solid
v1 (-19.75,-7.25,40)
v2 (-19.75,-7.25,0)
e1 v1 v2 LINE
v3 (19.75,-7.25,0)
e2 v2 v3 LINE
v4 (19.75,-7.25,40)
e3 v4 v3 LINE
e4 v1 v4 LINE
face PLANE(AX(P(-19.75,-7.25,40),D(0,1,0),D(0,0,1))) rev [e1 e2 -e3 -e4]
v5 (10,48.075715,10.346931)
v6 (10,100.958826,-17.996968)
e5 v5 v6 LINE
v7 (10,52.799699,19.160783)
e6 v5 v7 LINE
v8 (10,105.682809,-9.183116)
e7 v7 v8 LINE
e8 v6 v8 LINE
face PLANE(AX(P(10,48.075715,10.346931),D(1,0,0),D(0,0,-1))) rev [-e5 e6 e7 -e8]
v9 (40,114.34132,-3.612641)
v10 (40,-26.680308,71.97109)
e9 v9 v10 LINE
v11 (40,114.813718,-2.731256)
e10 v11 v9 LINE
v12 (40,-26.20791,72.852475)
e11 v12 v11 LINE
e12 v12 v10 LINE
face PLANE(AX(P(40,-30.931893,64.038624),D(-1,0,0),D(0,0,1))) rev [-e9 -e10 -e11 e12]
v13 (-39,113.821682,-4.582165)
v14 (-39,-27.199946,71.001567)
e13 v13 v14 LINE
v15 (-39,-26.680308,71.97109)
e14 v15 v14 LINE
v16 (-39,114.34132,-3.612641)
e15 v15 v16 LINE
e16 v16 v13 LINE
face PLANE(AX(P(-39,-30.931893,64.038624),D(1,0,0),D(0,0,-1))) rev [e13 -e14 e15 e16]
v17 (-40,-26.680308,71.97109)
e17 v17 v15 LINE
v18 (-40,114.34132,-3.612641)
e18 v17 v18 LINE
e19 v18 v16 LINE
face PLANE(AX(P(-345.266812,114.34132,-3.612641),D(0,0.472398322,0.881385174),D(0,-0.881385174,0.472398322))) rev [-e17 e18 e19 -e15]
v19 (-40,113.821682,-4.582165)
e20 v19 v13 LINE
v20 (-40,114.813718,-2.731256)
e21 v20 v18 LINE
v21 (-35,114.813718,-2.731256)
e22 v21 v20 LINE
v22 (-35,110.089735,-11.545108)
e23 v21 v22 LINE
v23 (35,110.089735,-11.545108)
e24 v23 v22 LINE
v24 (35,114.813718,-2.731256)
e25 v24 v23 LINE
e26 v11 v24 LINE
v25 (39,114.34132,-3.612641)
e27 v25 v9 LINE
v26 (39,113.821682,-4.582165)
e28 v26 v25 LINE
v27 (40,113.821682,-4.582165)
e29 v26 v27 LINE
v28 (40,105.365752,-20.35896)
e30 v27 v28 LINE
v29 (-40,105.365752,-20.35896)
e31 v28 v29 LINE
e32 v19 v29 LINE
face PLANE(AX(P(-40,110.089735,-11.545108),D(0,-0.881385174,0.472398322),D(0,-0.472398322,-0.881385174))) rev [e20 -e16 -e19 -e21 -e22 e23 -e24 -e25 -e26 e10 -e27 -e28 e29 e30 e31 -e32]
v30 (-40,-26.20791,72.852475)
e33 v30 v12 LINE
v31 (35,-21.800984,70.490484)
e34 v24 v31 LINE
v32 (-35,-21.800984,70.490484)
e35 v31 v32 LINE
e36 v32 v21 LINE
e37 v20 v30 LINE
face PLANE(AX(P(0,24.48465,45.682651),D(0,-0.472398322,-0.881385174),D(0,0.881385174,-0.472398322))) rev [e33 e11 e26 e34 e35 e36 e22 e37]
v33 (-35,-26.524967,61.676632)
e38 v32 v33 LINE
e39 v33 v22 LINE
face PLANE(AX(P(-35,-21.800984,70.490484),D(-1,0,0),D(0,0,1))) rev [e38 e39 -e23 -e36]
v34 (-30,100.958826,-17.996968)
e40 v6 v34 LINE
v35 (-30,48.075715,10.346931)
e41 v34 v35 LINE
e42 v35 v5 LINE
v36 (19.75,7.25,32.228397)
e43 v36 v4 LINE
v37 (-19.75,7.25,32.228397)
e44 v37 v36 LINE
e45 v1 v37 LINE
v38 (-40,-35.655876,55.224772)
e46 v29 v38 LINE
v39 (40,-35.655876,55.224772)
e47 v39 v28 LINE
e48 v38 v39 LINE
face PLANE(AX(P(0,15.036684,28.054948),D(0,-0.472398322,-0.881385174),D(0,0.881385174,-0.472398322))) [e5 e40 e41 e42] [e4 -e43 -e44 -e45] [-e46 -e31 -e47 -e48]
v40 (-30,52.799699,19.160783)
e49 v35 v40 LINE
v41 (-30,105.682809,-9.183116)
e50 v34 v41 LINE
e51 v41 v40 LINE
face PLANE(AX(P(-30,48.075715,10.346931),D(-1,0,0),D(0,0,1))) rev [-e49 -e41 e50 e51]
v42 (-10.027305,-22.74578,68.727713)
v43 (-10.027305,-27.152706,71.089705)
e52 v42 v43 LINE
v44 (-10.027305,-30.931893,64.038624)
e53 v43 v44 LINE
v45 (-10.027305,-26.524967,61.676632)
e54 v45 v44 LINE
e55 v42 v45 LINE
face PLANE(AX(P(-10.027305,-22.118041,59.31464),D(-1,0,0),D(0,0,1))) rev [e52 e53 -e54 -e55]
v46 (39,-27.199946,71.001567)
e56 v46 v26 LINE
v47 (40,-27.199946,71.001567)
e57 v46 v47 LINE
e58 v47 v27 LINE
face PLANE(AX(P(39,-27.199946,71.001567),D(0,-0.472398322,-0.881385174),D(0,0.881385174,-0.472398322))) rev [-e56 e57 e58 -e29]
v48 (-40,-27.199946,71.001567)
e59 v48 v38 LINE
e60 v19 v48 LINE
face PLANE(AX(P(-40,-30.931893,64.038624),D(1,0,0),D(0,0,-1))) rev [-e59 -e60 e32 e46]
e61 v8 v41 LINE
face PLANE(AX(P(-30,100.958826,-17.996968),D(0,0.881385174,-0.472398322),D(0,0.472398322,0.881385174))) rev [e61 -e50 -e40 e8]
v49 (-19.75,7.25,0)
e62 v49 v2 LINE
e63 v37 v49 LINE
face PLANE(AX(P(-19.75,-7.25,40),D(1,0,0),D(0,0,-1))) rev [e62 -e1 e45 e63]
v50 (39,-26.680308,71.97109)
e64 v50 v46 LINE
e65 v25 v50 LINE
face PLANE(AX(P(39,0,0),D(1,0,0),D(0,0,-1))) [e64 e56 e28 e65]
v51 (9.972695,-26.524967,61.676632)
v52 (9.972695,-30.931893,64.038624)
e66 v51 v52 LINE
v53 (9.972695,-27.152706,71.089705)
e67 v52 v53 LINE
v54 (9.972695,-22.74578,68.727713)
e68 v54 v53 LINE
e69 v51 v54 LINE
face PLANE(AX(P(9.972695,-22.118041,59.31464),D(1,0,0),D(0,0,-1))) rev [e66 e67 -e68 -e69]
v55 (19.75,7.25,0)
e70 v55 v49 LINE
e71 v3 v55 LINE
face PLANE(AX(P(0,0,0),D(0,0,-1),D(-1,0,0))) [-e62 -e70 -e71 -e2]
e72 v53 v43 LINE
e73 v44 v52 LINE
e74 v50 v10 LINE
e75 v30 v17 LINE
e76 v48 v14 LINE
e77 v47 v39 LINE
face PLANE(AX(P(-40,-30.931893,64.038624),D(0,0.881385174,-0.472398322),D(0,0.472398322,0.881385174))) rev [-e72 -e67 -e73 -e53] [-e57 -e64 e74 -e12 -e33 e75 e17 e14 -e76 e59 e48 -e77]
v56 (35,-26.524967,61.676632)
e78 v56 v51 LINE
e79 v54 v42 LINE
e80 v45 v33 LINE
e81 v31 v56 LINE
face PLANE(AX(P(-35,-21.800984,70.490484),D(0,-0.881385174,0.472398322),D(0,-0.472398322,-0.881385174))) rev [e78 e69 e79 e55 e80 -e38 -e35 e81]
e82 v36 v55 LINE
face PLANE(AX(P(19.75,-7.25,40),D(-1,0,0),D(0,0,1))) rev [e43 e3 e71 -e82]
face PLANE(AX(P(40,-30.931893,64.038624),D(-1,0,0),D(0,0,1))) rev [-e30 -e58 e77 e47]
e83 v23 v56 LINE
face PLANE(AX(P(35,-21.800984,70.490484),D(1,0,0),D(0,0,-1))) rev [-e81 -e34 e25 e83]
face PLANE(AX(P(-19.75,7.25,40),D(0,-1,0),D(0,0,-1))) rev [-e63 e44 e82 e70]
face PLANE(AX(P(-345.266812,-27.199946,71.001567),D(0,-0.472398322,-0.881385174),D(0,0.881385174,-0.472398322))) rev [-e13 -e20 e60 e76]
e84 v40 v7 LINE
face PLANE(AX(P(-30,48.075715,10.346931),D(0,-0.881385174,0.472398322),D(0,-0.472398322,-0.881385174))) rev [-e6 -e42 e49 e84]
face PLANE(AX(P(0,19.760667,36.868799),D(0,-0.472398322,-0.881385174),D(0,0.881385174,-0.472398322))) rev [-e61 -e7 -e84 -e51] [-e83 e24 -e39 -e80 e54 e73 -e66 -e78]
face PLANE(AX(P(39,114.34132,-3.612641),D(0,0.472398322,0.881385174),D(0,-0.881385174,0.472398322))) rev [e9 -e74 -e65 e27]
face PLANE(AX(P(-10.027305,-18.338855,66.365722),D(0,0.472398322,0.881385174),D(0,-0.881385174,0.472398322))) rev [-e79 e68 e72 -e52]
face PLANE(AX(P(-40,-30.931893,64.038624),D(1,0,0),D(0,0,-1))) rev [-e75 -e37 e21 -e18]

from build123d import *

# Parameters (mm, degrees)
SKETCH_1_W               = 39.5
SKETCH_1_H               = 14.5
EXTRUDE_1_DEPTH          = 40
SKETCH_6_W               = 80
SKETCH_6_H               = 160
EXTRUDE_2_DEPTH          = 10
EXTRUDE_3_DEPTH          = 10
SKETCH_8_W               = 40
SKETCH_8_H               = 60
CUT_EXTRUDE_1_DEPTH      = 10
SKETCH_9_W               = 20
SKETCH_9_H               = 8
CUT_EXTRUDE_3_DEPTH      = 10
CUT_EXTRUDE_4_DEPTH      = 158.764612799
CUT_EXTRUDE_4_DEPTH_BACK = 1
CUT_EXTRUDE_5_DEPTH      = 1


with BuildPart() as part:
    # 草图1 → 凸台-拉伸1 (new body)
    with BuildSketch(Plane.XY):
        Rectangle(SKETCH_1_W, SKETCH_1_H)
    extrude(amount=EXTRUDE_1_DEPTH)

    # 草图6 → 凸台-拉伸2 (add)
    with BuildSketch(Plane(origin=(0, 15.03668382, 28.054947672), x_dir=(1, 0, 0), z_dir=(0, 0.4723983215829414, 0.8813851744643881))):
        with Locations((0, 22.485349826)):
            Rectangle(SKETCH_6_W, SKETCH_6_H)
    extrude(amount=EXTRUDE_2_DEPTH)

    # 草图7 → 凸台-拉伸3 (add)
    with BuildSketch(Plane(origin=(0, 19.760667036, 36.868799416), x_dir=(1, 0, 0), z_dir=(0, 0.4723983215829416, 0.881385174464388))):
        Polygon((-35, -52.514650174), (35, -52.514650174), (35, 102.485349826), (40, 102.485349826), (40, -57.514650174), (-40, -57.514650174), (-40, 102.485349826), (-35, 102.485349826), align=None)
    extrude(amount=EXTRUDE_3_DEPTH)

    # 草图8 → 切除-拉伸1 (cut)
    with BuildSketch(Plane(origin=(0, 19.760667036, 36.868799416), x_dir=(1, 0, 0), z_dir=(0, 0.47239832158294137, 0.8813851744643881))):
        with Locations((-10, 67.485349826)):
            Rectangle(SKETCH_8_W, SKETCH_8_H)
    extrude(amount=-CUT_EXTRUDE_1_DEPTH, mode=Mode.SUBTRACT)

    # 草图9 → 切除-拉伸3 (cut)
    with BuildSketch(Plane(origin=(0, -50.692559978, 27.169824208), x_dir=(1, 0, 0), z_dir=(0, -0.881385174464388, 0.47239832158294154))):
        with Locations((-0.027304515, 45.830519147)):
            Rectangle(SKETCH_9_W, SKETCH_9_H)
    extrude(amount=-CUT_EXTRUDE_3_DEPTH, mode=Mode.SUBTRACT)

    # 草图10 → 切除-拉伸4 (cut, two sides: drawn at the far end of the back side and taken through both)
    with BuildSketch(Plane.ZY.offset(40).offset(-CUT_EXTRUDE_4_DEPTH_BACK)):
        Polygon((235.352563611, -333.840604393), (71.001566503, -27.199946201), (-4.58216495, 113.821681713), (-3.612641258, 114.341319867), (71.971090195, -26.680308047), (236.322087302, -333.320966239), (565.024081517, -946.602282623), (564.054557825, -947.121920777), align=None)
    extrude(amount=CUT_EXTRUDE_4_DEPTH + CUT_EXTRUDE_4_DEPTH_BACK, mode=Mode.SUBTRACT)

    # 草图11 → 切除-拉伸5 (cut)
    with BuildSketch(Plane(origin=(40, 0, 0), x_dir=(0, 0, -1), z_dir=(1, 0, 0))):
        Polygon((3.612641258, 114.341319867), (-71.971090195, -26.680308047), (-71.001566503, -27.199946201), (4.58216495, 113.821681713), align=None)
    extrude(amount=-CUT_EXTRUDE_5_DEPTH, mode=Mode.SUBTRACT)


solid = part.part
